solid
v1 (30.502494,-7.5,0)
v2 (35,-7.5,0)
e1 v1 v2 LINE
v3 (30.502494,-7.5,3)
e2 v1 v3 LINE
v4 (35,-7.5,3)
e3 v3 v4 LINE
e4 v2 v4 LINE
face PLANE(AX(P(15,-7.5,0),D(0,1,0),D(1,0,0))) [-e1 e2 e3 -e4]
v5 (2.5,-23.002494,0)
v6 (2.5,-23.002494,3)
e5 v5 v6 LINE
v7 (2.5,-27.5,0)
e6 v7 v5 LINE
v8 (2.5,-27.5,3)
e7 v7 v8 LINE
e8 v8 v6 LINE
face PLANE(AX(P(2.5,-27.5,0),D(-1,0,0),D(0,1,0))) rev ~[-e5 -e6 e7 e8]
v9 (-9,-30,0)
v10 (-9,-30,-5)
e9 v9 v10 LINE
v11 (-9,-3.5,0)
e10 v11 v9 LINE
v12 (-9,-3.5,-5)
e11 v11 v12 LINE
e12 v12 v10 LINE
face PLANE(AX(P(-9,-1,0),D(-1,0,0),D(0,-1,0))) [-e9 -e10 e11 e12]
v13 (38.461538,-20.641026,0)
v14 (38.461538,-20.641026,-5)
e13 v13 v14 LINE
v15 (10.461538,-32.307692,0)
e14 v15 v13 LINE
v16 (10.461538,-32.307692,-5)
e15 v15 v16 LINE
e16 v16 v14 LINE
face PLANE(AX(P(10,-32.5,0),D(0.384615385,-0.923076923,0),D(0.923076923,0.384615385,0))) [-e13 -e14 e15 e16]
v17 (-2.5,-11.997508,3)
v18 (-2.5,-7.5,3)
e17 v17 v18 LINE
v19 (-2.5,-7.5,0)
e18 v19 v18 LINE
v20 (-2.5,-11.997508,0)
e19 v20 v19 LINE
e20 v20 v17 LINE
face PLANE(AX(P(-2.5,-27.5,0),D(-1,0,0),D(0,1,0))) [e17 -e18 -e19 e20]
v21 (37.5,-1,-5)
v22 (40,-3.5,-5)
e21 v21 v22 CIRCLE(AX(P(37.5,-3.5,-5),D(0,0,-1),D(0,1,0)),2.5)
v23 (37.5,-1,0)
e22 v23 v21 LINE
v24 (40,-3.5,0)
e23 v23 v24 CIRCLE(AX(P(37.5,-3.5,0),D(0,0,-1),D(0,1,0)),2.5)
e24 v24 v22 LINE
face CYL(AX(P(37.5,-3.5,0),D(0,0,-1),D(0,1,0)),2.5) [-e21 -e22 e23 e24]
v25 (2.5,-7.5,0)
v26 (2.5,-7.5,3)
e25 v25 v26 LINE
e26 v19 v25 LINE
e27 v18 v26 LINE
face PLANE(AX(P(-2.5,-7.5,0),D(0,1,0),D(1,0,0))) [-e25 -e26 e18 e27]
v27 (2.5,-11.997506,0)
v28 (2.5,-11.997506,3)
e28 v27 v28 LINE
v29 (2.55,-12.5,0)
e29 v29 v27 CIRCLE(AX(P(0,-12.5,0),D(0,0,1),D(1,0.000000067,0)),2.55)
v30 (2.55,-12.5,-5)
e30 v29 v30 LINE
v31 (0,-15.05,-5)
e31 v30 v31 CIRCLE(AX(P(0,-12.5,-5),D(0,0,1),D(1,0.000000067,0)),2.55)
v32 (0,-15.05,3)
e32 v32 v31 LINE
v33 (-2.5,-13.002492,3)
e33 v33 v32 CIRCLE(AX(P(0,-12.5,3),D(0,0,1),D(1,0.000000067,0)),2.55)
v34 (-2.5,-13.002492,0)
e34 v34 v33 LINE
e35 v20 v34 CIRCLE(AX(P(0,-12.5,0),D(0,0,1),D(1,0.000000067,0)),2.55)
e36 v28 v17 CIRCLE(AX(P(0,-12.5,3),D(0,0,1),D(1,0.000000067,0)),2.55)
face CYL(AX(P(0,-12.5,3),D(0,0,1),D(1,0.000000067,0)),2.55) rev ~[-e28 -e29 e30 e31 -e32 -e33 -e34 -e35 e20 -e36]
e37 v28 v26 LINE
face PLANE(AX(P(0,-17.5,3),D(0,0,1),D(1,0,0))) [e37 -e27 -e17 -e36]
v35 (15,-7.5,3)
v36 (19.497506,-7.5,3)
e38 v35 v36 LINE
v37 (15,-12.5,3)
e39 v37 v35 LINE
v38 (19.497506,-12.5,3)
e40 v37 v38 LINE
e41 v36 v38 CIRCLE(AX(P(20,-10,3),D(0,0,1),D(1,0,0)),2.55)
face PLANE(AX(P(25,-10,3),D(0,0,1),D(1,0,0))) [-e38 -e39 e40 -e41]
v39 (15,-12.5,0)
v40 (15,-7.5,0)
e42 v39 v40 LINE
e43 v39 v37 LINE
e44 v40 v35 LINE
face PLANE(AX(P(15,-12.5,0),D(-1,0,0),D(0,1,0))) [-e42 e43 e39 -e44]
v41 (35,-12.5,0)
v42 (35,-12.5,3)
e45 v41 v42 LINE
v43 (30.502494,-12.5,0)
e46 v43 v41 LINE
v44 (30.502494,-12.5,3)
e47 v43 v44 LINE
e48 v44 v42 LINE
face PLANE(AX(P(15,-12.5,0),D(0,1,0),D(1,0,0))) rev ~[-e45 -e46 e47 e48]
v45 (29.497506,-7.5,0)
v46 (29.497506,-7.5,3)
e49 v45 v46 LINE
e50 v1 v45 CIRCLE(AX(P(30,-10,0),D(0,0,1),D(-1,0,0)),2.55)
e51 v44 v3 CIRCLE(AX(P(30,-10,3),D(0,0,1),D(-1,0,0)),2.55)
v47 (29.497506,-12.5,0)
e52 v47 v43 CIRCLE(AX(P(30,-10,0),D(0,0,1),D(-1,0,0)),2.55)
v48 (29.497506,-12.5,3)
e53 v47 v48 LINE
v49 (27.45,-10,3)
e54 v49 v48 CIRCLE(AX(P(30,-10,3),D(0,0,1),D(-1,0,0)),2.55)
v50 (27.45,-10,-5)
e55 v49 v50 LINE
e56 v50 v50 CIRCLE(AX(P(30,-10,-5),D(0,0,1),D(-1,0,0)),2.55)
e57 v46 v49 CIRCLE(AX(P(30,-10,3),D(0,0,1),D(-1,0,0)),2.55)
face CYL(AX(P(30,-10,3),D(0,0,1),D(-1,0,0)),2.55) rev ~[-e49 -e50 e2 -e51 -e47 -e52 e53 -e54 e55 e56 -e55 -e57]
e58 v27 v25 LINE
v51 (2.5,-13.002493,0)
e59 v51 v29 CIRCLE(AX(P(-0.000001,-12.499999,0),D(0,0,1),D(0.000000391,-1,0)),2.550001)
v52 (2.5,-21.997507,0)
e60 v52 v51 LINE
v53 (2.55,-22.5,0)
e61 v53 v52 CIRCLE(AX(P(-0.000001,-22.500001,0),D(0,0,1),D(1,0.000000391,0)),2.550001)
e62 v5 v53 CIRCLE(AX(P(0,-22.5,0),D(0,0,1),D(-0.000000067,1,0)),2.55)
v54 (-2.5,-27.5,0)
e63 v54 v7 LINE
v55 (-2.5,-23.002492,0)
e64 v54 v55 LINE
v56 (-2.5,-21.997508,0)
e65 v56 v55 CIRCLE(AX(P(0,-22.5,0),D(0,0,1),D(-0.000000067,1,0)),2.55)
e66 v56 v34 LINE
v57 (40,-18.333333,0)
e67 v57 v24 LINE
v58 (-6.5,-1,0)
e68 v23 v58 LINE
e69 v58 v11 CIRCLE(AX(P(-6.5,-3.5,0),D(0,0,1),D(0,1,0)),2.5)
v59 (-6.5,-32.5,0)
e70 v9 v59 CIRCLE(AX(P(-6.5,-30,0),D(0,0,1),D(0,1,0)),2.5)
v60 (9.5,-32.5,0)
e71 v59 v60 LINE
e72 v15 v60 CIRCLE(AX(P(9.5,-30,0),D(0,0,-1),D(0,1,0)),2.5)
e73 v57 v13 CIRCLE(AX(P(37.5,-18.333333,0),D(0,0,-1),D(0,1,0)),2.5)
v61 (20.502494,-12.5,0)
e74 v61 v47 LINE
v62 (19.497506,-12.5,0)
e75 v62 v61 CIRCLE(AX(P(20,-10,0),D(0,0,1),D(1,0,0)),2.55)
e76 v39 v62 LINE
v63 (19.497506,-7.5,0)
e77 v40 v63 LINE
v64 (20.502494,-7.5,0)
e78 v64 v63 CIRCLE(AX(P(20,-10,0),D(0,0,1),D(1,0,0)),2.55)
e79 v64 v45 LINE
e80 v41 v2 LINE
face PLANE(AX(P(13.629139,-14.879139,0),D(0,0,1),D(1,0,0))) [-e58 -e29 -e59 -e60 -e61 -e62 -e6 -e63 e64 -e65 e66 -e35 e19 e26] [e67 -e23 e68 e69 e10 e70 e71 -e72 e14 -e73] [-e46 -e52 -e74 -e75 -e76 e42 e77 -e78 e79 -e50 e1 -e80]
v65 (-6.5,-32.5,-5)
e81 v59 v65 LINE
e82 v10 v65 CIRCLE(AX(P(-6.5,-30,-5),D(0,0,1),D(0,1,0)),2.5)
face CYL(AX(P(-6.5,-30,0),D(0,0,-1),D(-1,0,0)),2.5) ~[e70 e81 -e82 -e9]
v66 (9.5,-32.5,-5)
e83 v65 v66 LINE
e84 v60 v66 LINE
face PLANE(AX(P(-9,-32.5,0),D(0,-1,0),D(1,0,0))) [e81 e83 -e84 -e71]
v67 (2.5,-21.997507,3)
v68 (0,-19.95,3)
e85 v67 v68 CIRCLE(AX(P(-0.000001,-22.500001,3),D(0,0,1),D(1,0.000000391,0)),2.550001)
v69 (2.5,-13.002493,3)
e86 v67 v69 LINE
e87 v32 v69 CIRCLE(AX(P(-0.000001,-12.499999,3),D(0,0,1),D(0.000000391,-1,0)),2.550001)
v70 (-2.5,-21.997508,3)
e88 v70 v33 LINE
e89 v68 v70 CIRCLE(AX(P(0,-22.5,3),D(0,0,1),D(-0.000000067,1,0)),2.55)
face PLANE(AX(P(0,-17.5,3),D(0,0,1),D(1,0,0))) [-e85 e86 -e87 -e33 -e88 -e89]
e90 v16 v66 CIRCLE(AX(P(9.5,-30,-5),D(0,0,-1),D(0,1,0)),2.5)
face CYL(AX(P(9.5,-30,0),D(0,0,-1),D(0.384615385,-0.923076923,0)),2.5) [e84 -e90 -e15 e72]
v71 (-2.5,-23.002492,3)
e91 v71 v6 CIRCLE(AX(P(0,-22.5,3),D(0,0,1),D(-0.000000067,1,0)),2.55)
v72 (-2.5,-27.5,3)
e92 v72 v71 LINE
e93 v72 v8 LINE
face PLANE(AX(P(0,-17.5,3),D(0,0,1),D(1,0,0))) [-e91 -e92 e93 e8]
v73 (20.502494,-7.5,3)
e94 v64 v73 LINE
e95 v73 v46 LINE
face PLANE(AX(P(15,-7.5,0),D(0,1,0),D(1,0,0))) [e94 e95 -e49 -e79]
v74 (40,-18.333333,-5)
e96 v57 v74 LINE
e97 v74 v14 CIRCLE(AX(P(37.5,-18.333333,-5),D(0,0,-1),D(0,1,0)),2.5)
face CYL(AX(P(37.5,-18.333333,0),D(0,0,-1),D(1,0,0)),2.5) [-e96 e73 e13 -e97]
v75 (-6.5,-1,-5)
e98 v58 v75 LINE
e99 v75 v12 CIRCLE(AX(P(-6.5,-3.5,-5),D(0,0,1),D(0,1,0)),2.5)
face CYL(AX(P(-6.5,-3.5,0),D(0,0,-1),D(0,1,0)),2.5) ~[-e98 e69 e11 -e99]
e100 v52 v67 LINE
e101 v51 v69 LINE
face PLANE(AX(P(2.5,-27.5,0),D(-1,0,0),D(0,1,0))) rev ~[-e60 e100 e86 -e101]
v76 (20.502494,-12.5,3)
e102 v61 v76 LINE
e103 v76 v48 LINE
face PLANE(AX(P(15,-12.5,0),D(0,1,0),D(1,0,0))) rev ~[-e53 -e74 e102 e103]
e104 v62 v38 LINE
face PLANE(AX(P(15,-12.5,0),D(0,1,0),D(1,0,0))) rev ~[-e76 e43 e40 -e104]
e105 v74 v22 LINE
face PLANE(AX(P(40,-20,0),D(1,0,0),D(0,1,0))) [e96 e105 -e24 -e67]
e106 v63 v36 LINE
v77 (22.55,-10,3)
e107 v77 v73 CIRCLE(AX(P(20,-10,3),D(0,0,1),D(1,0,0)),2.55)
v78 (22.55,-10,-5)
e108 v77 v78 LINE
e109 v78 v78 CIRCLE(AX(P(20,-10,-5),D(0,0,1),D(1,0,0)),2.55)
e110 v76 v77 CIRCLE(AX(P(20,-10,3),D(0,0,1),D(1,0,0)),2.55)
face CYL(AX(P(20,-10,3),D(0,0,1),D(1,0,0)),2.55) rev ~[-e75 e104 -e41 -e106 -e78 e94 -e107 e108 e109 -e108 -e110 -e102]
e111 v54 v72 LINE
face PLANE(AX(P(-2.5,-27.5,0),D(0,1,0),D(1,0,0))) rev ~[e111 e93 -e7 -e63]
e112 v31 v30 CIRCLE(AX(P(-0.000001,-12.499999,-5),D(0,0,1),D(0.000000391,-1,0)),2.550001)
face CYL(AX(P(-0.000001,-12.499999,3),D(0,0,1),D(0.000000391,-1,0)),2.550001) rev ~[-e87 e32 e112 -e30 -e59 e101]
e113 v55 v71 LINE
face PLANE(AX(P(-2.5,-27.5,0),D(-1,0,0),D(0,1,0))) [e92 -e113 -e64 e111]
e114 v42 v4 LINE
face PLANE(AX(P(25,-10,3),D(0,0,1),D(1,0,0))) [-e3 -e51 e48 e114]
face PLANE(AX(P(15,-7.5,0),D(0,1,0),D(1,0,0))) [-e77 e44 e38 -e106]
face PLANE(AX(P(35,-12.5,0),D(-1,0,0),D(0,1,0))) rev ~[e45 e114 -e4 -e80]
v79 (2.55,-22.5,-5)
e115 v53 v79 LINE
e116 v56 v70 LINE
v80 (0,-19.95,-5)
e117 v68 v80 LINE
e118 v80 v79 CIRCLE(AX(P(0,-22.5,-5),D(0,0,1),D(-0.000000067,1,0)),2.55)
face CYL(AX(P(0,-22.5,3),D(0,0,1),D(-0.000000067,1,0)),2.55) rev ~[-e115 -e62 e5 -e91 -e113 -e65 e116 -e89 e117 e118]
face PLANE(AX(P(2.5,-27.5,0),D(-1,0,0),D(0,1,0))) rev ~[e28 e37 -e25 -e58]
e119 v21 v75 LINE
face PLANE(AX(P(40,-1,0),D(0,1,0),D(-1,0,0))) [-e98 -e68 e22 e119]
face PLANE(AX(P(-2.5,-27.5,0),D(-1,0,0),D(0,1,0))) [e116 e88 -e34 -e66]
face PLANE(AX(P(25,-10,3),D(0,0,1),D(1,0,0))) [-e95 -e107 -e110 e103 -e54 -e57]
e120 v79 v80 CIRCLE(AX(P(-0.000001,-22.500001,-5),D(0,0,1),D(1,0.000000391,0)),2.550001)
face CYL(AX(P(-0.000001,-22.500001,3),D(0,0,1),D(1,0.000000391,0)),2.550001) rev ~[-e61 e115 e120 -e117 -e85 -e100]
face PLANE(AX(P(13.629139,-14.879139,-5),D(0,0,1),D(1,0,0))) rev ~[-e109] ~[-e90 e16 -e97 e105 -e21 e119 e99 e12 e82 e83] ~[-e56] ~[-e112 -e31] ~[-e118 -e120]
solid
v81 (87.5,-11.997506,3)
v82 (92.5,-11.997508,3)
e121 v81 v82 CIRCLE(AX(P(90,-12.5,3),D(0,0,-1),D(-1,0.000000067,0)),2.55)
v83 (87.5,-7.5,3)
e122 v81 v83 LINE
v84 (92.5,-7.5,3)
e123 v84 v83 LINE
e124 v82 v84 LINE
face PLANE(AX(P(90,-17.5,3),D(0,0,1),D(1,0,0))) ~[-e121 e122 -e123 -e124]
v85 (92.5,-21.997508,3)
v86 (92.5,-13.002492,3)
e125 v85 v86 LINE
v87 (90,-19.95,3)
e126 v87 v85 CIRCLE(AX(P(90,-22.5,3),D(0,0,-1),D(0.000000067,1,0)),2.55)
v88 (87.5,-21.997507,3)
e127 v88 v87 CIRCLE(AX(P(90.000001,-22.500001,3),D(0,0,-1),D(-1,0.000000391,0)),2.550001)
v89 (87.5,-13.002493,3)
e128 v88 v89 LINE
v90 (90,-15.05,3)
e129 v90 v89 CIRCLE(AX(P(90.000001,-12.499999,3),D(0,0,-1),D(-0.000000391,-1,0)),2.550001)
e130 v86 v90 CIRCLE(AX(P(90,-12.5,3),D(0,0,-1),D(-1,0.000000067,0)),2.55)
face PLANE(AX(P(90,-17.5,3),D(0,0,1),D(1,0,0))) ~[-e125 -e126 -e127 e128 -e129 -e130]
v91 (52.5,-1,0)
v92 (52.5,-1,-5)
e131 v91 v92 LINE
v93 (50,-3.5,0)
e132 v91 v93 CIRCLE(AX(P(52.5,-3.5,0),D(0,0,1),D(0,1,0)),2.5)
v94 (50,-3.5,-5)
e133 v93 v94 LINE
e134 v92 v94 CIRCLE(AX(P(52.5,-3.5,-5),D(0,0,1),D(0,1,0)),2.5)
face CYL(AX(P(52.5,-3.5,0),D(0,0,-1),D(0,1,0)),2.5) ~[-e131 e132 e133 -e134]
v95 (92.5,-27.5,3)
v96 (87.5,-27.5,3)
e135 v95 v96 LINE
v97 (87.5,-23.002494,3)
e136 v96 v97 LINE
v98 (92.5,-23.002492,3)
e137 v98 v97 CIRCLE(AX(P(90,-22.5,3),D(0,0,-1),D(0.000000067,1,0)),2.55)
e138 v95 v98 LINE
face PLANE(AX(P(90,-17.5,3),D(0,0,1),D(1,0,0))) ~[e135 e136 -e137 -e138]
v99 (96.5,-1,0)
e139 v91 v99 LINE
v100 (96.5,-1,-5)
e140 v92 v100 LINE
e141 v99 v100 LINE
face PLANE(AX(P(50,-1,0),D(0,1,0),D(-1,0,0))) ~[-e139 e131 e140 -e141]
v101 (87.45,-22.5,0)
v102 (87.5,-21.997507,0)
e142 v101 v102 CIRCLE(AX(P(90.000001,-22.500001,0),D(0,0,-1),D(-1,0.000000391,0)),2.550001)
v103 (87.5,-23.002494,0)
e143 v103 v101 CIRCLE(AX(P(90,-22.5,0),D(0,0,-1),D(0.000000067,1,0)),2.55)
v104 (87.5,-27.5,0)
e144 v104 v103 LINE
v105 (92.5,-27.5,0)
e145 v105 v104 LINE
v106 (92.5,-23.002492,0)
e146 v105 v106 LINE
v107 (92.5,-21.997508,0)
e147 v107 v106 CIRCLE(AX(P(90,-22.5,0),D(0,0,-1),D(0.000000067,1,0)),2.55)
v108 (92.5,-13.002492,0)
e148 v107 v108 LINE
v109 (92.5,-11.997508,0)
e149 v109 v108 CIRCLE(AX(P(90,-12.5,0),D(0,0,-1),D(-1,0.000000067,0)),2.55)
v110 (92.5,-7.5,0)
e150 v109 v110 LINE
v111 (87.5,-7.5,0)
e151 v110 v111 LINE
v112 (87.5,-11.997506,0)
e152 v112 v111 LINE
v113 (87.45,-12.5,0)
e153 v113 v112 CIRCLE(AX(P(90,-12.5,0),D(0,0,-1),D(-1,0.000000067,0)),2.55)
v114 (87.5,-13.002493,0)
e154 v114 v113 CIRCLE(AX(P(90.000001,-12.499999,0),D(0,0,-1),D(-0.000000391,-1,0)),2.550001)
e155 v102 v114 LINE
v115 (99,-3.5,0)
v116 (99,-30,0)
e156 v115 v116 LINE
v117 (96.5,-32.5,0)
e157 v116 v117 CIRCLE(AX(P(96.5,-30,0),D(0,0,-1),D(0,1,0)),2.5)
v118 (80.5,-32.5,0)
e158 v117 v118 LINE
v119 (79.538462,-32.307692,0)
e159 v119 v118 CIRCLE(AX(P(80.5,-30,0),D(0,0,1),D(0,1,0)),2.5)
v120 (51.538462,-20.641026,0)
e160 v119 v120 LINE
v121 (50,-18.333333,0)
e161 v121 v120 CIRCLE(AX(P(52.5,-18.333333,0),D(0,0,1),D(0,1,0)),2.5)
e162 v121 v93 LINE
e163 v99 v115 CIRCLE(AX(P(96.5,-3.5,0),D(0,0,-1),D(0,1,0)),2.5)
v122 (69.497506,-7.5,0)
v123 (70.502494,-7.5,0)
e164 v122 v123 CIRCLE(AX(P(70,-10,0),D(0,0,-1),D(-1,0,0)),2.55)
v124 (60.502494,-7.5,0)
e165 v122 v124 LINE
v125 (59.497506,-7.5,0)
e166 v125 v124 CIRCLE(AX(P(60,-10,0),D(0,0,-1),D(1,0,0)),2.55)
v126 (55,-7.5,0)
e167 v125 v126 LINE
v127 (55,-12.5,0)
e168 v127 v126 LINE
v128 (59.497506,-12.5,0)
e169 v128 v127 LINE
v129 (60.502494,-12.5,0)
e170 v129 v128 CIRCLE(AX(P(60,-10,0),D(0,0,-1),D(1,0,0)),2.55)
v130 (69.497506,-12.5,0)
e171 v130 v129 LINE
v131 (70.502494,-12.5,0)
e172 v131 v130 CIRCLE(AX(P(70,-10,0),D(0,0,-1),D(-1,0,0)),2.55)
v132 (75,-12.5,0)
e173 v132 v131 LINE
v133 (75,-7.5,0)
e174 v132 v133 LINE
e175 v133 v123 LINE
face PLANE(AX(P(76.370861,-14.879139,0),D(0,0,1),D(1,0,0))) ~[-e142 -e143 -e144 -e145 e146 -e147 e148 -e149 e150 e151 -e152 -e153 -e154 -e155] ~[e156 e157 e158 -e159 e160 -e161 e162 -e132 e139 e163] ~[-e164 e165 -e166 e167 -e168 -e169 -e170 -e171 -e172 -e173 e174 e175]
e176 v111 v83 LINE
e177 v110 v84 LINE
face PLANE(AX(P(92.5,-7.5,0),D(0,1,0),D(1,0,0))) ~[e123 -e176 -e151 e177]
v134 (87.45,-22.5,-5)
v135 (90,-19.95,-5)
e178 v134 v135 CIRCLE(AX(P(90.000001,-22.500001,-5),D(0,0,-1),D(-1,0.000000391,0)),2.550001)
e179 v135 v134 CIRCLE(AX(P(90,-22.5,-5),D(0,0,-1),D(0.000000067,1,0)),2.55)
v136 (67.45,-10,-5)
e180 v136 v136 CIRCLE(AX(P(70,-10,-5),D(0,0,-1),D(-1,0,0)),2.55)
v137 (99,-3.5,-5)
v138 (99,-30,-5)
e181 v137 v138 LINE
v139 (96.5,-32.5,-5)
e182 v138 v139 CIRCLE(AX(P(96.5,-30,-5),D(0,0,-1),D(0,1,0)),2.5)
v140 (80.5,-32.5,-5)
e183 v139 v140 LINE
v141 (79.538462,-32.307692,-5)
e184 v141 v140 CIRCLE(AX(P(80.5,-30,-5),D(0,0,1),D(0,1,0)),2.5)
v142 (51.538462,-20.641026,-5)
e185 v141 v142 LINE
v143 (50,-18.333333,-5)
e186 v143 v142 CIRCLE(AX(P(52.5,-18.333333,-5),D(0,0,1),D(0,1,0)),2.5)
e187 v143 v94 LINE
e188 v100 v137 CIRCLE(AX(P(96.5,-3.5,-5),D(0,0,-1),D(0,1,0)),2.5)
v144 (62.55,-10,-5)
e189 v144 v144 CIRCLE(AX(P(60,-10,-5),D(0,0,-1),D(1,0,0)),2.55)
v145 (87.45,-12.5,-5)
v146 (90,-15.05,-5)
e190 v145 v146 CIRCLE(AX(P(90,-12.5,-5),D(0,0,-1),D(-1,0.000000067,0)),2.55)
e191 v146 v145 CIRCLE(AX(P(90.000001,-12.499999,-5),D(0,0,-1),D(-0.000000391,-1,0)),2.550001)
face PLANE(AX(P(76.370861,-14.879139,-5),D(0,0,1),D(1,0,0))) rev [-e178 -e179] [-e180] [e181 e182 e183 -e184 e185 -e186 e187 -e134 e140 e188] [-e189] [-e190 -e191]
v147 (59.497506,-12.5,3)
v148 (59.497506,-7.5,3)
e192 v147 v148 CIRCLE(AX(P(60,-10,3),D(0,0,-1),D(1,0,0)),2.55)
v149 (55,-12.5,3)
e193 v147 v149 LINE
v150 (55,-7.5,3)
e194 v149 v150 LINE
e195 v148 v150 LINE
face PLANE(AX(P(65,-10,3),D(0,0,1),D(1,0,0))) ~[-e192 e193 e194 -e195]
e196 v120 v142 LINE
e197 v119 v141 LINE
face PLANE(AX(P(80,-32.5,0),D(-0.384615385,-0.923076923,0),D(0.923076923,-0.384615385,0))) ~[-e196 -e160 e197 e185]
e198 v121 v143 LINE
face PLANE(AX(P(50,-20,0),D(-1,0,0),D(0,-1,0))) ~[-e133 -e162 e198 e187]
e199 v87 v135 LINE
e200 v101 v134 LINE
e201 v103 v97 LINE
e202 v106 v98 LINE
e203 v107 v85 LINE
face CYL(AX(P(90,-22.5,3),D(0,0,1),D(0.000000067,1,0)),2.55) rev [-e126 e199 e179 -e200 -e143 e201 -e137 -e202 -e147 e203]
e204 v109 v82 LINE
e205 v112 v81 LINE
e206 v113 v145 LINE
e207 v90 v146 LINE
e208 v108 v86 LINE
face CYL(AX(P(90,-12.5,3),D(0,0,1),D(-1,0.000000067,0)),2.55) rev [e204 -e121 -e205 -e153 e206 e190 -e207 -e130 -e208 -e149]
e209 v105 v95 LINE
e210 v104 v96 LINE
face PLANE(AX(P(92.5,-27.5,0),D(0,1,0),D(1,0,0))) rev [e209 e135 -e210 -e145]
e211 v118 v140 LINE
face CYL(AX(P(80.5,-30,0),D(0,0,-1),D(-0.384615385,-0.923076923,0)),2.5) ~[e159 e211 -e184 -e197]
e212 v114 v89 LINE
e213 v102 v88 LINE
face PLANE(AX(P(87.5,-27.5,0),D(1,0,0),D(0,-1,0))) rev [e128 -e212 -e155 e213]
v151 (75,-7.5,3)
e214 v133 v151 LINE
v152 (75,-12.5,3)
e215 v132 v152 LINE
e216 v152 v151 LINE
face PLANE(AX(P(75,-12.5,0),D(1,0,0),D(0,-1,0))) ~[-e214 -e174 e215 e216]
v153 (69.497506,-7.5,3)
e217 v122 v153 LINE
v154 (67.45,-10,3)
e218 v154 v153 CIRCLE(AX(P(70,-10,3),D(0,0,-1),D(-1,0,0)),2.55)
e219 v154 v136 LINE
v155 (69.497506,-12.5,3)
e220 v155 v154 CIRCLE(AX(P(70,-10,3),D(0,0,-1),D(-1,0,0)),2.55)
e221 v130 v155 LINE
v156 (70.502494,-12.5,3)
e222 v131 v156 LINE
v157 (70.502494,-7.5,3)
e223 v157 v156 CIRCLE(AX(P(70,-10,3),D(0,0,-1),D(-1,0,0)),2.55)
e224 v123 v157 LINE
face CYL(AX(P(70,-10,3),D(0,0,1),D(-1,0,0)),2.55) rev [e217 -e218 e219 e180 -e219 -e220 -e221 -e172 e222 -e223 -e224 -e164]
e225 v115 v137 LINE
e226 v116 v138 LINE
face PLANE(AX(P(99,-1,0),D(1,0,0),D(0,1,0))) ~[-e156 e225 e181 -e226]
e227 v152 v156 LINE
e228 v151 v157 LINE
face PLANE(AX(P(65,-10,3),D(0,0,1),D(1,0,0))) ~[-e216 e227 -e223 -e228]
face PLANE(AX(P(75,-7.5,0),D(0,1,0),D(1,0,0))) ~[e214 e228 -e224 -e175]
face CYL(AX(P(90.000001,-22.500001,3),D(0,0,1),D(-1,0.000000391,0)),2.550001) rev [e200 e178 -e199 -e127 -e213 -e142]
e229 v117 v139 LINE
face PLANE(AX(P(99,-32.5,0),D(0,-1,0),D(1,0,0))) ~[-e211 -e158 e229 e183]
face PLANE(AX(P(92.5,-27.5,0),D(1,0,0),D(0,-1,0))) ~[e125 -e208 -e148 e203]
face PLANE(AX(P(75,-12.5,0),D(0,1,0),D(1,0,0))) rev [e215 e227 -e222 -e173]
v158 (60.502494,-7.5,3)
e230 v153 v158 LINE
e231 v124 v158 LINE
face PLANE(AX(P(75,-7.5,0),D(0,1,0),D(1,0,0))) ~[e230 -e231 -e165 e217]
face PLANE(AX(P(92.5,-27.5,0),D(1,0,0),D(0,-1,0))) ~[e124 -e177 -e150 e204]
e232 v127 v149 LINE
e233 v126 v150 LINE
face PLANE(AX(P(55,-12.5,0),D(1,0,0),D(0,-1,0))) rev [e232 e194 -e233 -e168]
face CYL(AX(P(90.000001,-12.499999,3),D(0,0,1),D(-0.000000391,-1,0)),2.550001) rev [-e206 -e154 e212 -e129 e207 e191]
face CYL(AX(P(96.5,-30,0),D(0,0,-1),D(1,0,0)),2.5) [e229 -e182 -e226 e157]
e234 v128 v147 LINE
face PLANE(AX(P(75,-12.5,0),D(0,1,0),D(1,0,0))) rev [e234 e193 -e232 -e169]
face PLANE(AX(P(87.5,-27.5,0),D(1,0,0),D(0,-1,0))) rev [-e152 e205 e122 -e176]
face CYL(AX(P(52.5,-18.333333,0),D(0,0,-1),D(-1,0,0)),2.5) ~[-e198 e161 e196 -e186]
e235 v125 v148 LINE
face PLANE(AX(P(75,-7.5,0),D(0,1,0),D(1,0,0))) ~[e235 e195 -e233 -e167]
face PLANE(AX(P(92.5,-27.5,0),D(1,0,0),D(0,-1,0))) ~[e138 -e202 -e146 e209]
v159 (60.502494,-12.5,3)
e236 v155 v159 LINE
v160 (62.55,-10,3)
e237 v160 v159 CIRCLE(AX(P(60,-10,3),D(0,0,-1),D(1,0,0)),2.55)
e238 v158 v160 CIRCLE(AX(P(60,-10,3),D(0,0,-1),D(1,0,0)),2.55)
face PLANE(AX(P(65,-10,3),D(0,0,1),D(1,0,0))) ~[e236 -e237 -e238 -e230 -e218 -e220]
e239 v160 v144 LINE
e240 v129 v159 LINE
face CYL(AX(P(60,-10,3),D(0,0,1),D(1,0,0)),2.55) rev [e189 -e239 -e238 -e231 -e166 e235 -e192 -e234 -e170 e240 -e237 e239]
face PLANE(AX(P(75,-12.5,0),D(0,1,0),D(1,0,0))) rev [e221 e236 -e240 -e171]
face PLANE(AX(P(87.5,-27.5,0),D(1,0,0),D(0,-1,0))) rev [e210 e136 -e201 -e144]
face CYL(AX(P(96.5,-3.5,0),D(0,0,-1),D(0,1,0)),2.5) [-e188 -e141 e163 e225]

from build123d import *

# Parameters (mm, degrees)
F1_DEPTH = 5
F2_W     = 5
F2_H     = 20
F2_W_2   = 20
F2_H_2   = 5
F3_DEPTH = 3
F4_R     = 2.55
F5_DEPTH = 10
F6_R     = 2.5


with BuildPart() as f1:
    # F0 (on Top) → F1 (new body)
    with BuildSketch(Plane.XY):
        Polygon((40, -1), (-9, -1), (-9, -32.5), (10, -32.5), (40, -20), align=None)
    extrude(amount=-F1_DEPTH)

    # F2 (on Top) → F3 (join)
    with BuildSketch(Plane.XY):
        with Locations((0, -17.5)):
            Rectangle(F2_W, F2_H)
        with Locations((25, -10)):
            Rectangle(F2_W_2, F2_H_2)
    extrude(amount=F3_DEPTH)

    # F4 (on face) → F5 (cut)
    with BuildSketch(Plane.XY.offset(3)):
        with BuildLine():
            ThreePointArc((0, -15.05), (1.803122, -14.303122), (2.55, -12.5))
            ThreePointArc((2.55, -12.5), (-1.803122, -10.696878), (0, -15.05))
        make_face()
        with BuildLine():
            ThreePointArc((2.55, -22.5), (1.803122, -20.696878), (0, -19.95))
            ThreePointArc((0, -19.95), (-1.803122, -24.303122), (2.55, -22.5))
        make_face()
        with Locations((20, -10)):
            Circle(F4_R)
        with BuildLine():
            ThreePointArc((32.55, -10), (30, -7.45), (27.45, -10))
            ThreePointArc((27.45, -10), (30, -12.55), (32.55, -10))
        make_face()
    extrude(amount=-F5_DEPTH, mode=Mode.SUBTRACT)

    # F6
    f6_edges = [f1.edges().sort_by_distance(p)[0] for p in [
        (-9, -1, -2.5),
        (-9, -32.5, -2.5),
        (10, -32.5, -2.5),
        (40, -20, -2.5),
        (40, -1, -2.5),
    ]]
    fillet(f6_edges, radius=F6_R)


with BuildPart() as f8_1:
    # F8: instance of F1
    add(f1.part.mirror(Plane(origin=(45, -10.916667, -2.5), x_dir=(0, 1, 0), z_dir=(1, 0, 0))))


solid = Compound([f1.part, f8_1.part])
